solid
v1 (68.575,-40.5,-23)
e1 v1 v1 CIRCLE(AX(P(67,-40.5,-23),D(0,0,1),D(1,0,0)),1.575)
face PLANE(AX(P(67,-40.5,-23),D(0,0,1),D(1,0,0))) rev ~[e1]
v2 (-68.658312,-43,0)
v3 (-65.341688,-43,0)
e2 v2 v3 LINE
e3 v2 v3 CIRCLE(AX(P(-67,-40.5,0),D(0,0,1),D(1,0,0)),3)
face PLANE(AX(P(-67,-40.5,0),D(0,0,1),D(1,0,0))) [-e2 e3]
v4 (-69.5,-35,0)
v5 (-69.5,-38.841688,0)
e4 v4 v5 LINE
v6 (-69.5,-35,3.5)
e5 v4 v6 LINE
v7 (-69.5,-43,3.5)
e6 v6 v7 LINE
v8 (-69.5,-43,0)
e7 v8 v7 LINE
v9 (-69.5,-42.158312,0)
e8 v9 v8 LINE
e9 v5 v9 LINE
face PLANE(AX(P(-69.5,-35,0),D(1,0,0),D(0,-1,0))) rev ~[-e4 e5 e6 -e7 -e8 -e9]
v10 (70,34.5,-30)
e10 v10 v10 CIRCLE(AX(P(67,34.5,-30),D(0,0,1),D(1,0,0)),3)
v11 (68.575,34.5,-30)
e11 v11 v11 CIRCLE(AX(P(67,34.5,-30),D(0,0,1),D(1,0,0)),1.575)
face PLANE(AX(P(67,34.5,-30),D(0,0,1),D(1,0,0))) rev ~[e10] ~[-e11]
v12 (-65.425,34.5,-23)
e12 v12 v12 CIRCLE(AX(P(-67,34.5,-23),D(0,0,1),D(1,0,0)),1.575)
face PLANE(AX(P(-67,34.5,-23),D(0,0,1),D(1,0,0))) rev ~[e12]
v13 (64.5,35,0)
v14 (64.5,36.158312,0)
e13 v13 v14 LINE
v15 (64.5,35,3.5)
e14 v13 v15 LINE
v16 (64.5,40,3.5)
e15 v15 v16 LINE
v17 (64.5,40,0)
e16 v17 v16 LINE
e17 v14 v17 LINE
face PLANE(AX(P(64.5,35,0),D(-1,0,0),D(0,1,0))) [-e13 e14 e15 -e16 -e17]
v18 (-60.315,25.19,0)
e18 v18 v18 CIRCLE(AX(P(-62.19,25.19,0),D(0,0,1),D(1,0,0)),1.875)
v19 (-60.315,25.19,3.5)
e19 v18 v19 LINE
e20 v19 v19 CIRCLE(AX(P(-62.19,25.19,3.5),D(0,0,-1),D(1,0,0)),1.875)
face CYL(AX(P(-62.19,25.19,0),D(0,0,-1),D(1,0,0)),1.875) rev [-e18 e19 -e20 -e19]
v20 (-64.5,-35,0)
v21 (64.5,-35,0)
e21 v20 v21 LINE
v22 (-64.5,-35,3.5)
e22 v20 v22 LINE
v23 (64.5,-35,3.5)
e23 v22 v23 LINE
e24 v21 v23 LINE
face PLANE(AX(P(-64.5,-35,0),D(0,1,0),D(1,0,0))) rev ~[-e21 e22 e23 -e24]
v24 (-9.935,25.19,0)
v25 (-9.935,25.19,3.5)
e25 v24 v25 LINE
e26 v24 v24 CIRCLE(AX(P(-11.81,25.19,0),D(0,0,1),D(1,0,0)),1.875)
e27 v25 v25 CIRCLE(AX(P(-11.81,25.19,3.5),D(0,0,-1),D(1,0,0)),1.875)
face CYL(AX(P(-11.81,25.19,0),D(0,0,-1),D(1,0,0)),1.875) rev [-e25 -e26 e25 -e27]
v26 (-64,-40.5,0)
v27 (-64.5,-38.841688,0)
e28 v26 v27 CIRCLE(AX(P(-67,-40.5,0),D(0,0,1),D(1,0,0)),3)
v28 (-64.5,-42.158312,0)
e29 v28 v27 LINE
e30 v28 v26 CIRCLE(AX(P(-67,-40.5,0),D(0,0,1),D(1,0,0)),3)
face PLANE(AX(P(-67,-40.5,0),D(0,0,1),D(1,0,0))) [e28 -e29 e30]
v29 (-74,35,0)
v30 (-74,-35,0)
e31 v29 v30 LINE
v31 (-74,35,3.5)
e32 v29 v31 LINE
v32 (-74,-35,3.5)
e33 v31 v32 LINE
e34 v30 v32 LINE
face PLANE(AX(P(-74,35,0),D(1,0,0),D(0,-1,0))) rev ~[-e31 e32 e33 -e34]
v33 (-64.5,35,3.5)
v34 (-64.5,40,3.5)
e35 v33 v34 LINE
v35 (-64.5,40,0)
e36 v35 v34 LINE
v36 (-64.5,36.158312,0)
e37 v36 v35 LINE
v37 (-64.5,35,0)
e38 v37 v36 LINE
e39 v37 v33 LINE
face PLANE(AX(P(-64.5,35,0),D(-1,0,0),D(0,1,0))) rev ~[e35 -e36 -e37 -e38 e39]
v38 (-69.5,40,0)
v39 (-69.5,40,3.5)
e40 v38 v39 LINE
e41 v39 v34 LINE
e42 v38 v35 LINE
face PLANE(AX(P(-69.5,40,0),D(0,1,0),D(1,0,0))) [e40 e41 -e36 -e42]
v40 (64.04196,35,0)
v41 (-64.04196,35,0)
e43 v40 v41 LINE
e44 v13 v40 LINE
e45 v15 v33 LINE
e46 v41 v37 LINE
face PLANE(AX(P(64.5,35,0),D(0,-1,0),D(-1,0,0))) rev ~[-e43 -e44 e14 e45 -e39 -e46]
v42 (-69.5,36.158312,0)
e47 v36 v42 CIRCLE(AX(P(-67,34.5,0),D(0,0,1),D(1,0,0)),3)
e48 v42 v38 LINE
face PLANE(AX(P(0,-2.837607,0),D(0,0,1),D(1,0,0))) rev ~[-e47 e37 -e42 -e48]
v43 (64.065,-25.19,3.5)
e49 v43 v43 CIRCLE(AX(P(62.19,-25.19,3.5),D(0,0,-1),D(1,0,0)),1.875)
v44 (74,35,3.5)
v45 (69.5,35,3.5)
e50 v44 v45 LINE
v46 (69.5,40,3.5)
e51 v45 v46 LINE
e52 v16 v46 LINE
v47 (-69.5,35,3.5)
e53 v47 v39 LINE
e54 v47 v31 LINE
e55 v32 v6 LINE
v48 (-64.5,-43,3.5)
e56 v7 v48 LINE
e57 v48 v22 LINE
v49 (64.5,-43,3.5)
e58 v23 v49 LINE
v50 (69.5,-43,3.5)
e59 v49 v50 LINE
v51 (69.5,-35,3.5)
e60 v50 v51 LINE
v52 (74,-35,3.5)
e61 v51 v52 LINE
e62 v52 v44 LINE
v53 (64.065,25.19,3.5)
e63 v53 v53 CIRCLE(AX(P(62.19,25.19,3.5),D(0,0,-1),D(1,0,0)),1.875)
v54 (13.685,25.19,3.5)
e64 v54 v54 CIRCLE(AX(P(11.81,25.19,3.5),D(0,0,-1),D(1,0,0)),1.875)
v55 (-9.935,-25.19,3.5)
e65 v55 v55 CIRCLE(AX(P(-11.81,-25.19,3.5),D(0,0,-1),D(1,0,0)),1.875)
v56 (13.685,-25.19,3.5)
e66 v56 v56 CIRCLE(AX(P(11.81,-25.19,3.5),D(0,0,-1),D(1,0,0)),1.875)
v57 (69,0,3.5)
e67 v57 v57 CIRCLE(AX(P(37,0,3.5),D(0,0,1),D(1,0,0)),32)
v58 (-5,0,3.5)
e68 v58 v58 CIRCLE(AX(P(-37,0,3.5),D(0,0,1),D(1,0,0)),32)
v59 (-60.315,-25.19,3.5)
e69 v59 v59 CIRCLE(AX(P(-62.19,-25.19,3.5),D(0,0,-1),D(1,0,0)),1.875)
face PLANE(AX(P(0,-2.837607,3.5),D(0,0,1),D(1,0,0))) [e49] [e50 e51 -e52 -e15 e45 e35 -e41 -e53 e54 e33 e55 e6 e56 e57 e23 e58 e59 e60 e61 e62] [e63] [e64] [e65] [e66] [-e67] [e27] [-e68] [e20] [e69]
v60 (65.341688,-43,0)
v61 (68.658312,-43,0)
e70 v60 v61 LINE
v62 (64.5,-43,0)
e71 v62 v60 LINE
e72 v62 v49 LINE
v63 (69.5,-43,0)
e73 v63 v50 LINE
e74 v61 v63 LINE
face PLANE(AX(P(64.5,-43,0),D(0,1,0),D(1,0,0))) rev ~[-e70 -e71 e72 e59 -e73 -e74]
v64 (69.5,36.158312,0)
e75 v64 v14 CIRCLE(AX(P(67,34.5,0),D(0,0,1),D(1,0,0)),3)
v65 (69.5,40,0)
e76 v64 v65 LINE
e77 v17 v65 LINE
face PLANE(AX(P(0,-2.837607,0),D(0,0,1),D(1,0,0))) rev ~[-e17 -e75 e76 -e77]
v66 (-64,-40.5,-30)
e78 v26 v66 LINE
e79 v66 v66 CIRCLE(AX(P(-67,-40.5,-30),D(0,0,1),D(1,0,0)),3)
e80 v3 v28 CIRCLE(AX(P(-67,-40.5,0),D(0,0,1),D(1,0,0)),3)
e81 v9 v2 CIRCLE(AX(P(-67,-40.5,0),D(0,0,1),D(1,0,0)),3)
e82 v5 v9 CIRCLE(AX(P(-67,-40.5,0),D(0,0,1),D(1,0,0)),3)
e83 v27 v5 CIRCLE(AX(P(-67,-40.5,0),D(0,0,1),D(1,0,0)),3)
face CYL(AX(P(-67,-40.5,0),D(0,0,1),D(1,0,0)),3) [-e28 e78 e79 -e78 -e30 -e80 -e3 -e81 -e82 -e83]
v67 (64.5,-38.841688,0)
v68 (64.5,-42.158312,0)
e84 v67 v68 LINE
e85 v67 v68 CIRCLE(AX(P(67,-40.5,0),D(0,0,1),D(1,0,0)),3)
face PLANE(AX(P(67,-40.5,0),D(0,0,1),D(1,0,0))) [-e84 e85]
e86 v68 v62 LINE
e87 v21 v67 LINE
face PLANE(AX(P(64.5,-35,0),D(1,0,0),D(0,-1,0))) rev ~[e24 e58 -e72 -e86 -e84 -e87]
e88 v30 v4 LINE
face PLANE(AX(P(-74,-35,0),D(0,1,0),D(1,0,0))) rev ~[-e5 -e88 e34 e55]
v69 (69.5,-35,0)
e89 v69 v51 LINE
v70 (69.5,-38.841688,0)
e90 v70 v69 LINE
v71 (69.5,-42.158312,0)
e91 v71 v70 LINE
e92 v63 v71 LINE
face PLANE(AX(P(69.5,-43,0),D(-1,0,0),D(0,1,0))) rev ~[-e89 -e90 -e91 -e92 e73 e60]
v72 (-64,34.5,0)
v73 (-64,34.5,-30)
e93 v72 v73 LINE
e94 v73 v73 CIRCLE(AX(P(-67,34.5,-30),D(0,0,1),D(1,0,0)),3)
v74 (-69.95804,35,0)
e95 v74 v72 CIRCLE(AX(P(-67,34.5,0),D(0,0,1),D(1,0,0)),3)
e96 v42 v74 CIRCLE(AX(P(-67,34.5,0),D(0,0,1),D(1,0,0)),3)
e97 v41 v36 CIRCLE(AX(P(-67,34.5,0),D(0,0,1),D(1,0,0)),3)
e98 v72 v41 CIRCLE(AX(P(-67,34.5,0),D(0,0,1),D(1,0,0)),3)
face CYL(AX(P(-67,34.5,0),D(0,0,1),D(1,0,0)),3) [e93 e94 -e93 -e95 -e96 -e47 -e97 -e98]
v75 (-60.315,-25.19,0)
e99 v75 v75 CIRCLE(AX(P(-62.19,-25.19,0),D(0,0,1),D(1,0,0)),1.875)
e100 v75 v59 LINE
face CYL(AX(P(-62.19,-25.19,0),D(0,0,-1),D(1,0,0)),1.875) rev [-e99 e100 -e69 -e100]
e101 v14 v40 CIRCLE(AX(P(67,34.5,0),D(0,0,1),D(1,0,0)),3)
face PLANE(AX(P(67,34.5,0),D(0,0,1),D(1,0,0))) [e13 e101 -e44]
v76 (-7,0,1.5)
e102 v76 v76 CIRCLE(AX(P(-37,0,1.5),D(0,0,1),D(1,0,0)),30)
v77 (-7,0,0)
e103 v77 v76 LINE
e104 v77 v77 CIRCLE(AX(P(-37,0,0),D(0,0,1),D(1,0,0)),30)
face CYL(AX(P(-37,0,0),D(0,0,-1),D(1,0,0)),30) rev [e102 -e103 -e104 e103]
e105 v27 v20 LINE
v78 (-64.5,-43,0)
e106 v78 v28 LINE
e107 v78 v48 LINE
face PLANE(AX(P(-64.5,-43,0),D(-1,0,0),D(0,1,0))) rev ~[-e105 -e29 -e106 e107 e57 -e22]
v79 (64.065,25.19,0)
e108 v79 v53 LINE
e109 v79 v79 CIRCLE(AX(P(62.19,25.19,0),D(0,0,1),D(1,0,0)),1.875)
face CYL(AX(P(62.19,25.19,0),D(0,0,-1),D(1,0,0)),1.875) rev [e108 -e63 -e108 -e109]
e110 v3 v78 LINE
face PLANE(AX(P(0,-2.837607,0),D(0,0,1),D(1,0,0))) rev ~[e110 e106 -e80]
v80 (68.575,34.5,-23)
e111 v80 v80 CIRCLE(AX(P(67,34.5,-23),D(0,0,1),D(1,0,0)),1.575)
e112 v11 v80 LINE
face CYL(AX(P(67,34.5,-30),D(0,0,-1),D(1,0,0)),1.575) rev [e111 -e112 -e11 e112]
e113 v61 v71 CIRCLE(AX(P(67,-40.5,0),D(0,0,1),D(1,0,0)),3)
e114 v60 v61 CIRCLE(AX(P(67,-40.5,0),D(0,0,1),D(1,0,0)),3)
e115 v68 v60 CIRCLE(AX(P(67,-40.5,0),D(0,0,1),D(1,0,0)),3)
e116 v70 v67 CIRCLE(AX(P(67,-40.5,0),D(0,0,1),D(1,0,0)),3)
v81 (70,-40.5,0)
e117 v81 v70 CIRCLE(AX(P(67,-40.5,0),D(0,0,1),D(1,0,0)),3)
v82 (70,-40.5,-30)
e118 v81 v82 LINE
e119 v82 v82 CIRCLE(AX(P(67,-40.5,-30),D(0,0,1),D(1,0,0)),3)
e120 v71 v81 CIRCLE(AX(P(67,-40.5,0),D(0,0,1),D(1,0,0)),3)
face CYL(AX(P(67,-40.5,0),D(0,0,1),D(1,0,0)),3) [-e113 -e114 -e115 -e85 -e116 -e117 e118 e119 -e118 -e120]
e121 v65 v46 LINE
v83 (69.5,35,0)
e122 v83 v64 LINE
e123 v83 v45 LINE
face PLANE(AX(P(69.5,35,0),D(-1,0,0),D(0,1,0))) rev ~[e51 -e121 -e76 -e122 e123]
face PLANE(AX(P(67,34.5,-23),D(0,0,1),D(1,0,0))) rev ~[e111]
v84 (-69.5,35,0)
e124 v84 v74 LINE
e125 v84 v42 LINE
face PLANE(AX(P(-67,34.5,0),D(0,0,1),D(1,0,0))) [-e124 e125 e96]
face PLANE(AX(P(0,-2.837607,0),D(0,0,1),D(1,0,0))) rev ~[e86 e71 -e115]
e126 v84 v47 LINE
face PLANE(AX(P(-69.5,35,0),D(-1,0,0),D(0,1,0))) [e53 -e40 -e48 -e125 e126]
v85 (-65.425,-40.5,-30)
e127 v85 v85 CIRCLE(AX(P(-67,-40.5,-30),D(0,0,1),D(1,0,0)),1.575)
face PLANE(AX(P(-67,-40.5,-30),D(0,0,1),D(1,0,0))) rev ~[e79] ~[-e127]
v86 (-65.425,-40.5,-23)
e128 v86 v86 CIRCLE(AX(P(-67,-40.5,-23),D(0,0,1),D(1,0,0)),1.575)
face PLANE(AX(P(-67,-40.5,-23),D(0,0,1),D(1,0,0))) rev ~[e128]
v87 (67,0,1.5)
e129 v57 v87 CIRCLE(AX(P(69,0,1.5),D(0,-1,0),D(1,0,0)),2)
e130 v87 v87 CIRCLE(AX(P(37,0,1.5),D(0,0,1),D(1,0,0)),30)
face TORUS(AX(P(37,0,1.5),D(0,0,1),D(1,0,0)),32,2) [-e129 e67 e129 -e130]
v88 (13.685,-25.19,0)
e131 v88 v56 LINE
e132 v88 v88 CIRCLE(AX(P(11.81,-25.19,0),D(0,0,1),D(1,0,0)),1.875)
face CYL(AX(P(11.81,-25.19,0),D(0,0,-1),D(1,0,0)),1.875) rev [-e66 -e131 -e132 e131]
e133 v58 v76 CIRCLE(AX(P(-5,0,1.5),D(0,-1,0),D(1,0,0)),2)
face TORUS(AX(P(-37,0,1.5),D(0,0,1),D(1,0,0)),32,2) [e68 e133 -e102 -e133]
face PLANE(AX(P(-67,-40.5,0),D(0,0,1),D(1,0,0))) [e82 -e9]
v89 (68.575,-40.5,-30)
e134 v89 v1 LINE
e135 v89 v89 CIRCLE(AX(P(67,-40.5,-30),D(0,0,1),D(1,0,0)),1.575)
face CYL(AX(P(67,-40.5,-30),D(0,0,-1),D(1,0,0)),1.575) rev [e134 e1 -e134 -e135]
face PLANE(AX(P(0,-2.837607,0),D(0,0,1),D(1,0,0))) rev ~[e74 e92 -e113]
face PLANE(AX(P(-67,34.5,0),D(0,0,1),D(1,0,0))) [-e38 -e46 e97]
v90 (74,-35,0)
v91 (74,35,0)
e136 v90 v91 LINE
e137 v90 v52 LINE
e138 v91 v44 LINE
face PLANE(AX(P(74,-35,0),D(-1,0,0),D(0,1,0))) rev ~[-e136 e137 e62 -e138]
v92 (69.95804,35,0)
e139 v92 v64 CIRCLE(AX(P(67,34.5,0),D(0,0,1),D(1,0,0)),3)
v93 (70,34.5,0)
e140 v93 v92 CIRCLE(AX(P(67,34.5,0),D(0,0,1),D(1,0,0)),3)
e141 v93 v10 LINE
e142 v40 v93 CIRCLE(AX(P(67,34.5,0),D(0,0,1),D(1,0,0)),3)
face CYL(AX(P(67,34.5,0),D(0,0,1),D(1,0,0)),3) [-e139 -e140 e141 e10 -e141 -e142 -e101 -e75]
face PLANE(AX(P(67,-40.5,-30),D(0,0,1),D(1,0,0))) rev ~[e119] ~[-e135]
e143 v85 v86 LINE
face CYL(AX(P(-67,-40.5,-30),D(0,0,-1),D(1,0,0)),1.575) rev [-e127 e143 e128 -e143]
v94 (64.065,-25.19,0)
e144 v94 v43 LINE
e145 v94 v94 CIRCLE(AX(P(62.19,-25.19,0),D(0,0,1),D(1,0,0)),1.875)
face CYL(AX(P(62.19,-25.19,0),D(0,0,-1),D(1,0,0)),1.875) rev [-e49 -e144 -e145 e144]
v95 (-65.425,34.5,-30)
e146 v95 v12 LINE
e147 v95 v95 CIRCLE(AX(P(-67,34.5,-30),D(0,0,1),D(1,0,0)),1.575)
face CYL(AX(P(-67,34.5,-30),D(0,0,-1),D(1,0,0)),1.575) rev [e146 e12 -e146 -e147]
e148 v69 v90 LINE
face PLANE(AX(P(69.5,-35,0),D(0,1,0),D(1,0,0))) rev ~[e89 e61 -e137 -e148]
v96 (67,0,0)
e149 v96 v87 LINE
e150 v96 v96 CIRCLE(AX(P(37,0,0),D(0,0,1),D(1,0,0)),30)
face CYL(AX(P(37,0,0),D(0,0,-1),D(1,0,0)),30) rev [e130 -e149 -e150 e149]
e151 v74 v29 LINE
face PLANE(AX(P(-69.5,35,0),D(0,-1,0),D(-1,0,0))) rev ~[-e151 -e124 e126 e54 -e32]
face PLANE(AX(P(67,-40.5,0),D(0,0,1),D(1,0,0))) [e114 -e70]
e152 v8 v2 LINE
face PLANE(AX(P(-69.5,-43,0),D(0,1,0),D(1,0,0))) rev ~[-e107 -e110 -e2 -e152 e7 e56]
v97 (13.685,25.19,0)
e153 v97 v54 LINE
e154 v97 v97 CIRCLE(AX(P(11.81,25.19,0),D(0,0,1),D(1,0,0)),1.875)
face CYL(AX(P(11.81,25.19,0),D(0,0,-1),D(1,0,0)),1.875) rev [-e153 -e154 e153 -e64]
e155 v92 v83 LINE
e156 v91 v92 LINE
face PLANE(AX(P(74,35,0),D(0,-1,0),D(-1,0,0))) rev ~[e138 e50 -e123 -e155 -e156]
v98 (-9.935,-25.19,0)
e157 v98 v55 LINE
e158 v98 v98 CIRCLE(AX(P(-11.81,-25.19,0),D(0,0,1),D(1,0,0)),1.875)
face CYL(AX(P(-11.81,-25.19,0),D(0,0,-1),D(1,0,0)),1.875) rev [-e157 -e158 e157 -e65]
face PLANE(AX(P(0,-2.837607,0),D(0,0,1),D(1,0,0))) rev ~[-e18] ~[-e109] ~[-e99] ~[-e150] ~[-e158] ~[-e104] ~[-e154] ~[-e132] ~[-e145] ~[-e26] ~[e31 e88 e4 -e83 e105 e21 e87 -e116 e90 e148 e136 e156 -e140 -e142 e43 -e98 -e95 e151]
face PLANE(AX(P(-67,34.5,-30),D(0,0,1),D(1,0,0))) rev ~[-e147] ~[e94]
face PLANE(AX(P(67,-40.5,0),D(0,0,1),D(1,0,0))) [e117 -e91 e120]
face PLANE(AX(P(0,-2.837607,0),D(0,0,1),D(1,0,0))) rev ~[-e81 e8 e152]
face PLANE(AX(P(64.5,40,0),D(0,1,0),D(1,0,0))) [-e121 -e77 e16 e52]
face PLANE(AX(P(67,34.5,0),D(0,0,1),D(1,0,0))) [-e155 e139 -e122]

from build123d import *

# Parameters (mm, degrees)
F0_R      = 30
F0_W      = 5
F0_H      = 5
F3_DEPTH  = 3.5
F1_R      = 1.875
F4_DEPTH  = 25
F2_R      = 1.875
F5_DEPTH  = 25
F6_R      = 2
F7_R      = 3
F8_DEPTH  = 30
F10_R     = 1.575
F11_DEPTH = 7


with BuildPart() as f3:
    # F0 (on Top) → F3 (new body)
    with BuildSketch(Plane.XY):
        Polygon((69.5, -35), (74, -35), (74, 35), (69.5, 35), (64.5, 35), (-64.5, 35), (-69.5, 35), (-74, 35), (-74, -35), (-69.5, -35), (-69.5, -43), (-64.5, -43), (-64.5, -35), (64.5, -35), (64.5, -43), (69.5, -43), align=None)
        with Locations((-37, 0)):
            Circle(F0_R, mode=Mode.SUBTRACT)
        with Locations((37, 0)):
            Circle(F0_R, mode=Mode.SUBTRACT)
        with Locations((67, 37.5)):
            Rectangle(F0_W, F0_H)
        with Locations((-67, 37.5)):
            Rectangle(F0_W, F0_H)
    extrude(amount=F3_DEPTH)

    # F1 (on face) → F4 (cut)
    with BuildSketch(Plane.XY):
        with Locations((-62.19, 25.19)):
            Circle(F1_R)
        with Locations((-11.81, 25.19)):
            Circle(F1_R)
        with Locations((-62.19, -25.19)):
            Circle(F1_R)
        with Locations((-11.81, -25.19)):
            Circle(F1_R)
    extrude(amount=F4_DEPTH, mode=Mode.SUBTRACT)

    # F2 (on Top) → F5 (cut)
    with BuildSketch(Plane.XY):
        with Locations((11.81, 25.19)):
            Circle(F2_R)
        with Locations((11.81, -25.19)):
            Circle(F2_R)
        with Locations((62.19, 25.19)):
            Circle(F2_R)
        with Locations((62.19, -25.19)):
            Circle(F2_R)
    extrude(amount=F5_DEPTH, mode=Mode.SUBTRACT)

    # F6
    f6_edges = [f3.edges().sort_by_distance(p)[0] for p in [
        (-67, 0, 3.5),
        (7, 0, 3.5),
    ]]
    fillet(f6_edges, radius=F6_R)

    # F7 (on Top) → F8 (join)
    with BuildSketch(Plane.XY):
        with Locations((-67, -40.5)):
            Circle(F7_R)
        with Locations((67, -40.5)):
            Circle(F7_R)
        with Locations((-67, 34.5)):
            Circle(F7_R)
        with Locations((67, 34.5)):
            Circle(F7_R)
    extrude(amount=-F8_DEPTH)

    # F10 (on offset) → F11 (cut)
    with BuildSketch(Plane.XY.offset(-30)):
        with Locations((-67, -40.5)):
            Circle(F10_R)
        with Locations((-67, 34.5)):
            Circle(F10_R)
        with Locations((67, -40.5)):
            Circle(F10_R)
        with Locations((67, 34.5)):
            Circle(F10_R)
    extrude(amount=F11_DEPTH, mode=Mode.SUBTRACT)


solid = f3.part
